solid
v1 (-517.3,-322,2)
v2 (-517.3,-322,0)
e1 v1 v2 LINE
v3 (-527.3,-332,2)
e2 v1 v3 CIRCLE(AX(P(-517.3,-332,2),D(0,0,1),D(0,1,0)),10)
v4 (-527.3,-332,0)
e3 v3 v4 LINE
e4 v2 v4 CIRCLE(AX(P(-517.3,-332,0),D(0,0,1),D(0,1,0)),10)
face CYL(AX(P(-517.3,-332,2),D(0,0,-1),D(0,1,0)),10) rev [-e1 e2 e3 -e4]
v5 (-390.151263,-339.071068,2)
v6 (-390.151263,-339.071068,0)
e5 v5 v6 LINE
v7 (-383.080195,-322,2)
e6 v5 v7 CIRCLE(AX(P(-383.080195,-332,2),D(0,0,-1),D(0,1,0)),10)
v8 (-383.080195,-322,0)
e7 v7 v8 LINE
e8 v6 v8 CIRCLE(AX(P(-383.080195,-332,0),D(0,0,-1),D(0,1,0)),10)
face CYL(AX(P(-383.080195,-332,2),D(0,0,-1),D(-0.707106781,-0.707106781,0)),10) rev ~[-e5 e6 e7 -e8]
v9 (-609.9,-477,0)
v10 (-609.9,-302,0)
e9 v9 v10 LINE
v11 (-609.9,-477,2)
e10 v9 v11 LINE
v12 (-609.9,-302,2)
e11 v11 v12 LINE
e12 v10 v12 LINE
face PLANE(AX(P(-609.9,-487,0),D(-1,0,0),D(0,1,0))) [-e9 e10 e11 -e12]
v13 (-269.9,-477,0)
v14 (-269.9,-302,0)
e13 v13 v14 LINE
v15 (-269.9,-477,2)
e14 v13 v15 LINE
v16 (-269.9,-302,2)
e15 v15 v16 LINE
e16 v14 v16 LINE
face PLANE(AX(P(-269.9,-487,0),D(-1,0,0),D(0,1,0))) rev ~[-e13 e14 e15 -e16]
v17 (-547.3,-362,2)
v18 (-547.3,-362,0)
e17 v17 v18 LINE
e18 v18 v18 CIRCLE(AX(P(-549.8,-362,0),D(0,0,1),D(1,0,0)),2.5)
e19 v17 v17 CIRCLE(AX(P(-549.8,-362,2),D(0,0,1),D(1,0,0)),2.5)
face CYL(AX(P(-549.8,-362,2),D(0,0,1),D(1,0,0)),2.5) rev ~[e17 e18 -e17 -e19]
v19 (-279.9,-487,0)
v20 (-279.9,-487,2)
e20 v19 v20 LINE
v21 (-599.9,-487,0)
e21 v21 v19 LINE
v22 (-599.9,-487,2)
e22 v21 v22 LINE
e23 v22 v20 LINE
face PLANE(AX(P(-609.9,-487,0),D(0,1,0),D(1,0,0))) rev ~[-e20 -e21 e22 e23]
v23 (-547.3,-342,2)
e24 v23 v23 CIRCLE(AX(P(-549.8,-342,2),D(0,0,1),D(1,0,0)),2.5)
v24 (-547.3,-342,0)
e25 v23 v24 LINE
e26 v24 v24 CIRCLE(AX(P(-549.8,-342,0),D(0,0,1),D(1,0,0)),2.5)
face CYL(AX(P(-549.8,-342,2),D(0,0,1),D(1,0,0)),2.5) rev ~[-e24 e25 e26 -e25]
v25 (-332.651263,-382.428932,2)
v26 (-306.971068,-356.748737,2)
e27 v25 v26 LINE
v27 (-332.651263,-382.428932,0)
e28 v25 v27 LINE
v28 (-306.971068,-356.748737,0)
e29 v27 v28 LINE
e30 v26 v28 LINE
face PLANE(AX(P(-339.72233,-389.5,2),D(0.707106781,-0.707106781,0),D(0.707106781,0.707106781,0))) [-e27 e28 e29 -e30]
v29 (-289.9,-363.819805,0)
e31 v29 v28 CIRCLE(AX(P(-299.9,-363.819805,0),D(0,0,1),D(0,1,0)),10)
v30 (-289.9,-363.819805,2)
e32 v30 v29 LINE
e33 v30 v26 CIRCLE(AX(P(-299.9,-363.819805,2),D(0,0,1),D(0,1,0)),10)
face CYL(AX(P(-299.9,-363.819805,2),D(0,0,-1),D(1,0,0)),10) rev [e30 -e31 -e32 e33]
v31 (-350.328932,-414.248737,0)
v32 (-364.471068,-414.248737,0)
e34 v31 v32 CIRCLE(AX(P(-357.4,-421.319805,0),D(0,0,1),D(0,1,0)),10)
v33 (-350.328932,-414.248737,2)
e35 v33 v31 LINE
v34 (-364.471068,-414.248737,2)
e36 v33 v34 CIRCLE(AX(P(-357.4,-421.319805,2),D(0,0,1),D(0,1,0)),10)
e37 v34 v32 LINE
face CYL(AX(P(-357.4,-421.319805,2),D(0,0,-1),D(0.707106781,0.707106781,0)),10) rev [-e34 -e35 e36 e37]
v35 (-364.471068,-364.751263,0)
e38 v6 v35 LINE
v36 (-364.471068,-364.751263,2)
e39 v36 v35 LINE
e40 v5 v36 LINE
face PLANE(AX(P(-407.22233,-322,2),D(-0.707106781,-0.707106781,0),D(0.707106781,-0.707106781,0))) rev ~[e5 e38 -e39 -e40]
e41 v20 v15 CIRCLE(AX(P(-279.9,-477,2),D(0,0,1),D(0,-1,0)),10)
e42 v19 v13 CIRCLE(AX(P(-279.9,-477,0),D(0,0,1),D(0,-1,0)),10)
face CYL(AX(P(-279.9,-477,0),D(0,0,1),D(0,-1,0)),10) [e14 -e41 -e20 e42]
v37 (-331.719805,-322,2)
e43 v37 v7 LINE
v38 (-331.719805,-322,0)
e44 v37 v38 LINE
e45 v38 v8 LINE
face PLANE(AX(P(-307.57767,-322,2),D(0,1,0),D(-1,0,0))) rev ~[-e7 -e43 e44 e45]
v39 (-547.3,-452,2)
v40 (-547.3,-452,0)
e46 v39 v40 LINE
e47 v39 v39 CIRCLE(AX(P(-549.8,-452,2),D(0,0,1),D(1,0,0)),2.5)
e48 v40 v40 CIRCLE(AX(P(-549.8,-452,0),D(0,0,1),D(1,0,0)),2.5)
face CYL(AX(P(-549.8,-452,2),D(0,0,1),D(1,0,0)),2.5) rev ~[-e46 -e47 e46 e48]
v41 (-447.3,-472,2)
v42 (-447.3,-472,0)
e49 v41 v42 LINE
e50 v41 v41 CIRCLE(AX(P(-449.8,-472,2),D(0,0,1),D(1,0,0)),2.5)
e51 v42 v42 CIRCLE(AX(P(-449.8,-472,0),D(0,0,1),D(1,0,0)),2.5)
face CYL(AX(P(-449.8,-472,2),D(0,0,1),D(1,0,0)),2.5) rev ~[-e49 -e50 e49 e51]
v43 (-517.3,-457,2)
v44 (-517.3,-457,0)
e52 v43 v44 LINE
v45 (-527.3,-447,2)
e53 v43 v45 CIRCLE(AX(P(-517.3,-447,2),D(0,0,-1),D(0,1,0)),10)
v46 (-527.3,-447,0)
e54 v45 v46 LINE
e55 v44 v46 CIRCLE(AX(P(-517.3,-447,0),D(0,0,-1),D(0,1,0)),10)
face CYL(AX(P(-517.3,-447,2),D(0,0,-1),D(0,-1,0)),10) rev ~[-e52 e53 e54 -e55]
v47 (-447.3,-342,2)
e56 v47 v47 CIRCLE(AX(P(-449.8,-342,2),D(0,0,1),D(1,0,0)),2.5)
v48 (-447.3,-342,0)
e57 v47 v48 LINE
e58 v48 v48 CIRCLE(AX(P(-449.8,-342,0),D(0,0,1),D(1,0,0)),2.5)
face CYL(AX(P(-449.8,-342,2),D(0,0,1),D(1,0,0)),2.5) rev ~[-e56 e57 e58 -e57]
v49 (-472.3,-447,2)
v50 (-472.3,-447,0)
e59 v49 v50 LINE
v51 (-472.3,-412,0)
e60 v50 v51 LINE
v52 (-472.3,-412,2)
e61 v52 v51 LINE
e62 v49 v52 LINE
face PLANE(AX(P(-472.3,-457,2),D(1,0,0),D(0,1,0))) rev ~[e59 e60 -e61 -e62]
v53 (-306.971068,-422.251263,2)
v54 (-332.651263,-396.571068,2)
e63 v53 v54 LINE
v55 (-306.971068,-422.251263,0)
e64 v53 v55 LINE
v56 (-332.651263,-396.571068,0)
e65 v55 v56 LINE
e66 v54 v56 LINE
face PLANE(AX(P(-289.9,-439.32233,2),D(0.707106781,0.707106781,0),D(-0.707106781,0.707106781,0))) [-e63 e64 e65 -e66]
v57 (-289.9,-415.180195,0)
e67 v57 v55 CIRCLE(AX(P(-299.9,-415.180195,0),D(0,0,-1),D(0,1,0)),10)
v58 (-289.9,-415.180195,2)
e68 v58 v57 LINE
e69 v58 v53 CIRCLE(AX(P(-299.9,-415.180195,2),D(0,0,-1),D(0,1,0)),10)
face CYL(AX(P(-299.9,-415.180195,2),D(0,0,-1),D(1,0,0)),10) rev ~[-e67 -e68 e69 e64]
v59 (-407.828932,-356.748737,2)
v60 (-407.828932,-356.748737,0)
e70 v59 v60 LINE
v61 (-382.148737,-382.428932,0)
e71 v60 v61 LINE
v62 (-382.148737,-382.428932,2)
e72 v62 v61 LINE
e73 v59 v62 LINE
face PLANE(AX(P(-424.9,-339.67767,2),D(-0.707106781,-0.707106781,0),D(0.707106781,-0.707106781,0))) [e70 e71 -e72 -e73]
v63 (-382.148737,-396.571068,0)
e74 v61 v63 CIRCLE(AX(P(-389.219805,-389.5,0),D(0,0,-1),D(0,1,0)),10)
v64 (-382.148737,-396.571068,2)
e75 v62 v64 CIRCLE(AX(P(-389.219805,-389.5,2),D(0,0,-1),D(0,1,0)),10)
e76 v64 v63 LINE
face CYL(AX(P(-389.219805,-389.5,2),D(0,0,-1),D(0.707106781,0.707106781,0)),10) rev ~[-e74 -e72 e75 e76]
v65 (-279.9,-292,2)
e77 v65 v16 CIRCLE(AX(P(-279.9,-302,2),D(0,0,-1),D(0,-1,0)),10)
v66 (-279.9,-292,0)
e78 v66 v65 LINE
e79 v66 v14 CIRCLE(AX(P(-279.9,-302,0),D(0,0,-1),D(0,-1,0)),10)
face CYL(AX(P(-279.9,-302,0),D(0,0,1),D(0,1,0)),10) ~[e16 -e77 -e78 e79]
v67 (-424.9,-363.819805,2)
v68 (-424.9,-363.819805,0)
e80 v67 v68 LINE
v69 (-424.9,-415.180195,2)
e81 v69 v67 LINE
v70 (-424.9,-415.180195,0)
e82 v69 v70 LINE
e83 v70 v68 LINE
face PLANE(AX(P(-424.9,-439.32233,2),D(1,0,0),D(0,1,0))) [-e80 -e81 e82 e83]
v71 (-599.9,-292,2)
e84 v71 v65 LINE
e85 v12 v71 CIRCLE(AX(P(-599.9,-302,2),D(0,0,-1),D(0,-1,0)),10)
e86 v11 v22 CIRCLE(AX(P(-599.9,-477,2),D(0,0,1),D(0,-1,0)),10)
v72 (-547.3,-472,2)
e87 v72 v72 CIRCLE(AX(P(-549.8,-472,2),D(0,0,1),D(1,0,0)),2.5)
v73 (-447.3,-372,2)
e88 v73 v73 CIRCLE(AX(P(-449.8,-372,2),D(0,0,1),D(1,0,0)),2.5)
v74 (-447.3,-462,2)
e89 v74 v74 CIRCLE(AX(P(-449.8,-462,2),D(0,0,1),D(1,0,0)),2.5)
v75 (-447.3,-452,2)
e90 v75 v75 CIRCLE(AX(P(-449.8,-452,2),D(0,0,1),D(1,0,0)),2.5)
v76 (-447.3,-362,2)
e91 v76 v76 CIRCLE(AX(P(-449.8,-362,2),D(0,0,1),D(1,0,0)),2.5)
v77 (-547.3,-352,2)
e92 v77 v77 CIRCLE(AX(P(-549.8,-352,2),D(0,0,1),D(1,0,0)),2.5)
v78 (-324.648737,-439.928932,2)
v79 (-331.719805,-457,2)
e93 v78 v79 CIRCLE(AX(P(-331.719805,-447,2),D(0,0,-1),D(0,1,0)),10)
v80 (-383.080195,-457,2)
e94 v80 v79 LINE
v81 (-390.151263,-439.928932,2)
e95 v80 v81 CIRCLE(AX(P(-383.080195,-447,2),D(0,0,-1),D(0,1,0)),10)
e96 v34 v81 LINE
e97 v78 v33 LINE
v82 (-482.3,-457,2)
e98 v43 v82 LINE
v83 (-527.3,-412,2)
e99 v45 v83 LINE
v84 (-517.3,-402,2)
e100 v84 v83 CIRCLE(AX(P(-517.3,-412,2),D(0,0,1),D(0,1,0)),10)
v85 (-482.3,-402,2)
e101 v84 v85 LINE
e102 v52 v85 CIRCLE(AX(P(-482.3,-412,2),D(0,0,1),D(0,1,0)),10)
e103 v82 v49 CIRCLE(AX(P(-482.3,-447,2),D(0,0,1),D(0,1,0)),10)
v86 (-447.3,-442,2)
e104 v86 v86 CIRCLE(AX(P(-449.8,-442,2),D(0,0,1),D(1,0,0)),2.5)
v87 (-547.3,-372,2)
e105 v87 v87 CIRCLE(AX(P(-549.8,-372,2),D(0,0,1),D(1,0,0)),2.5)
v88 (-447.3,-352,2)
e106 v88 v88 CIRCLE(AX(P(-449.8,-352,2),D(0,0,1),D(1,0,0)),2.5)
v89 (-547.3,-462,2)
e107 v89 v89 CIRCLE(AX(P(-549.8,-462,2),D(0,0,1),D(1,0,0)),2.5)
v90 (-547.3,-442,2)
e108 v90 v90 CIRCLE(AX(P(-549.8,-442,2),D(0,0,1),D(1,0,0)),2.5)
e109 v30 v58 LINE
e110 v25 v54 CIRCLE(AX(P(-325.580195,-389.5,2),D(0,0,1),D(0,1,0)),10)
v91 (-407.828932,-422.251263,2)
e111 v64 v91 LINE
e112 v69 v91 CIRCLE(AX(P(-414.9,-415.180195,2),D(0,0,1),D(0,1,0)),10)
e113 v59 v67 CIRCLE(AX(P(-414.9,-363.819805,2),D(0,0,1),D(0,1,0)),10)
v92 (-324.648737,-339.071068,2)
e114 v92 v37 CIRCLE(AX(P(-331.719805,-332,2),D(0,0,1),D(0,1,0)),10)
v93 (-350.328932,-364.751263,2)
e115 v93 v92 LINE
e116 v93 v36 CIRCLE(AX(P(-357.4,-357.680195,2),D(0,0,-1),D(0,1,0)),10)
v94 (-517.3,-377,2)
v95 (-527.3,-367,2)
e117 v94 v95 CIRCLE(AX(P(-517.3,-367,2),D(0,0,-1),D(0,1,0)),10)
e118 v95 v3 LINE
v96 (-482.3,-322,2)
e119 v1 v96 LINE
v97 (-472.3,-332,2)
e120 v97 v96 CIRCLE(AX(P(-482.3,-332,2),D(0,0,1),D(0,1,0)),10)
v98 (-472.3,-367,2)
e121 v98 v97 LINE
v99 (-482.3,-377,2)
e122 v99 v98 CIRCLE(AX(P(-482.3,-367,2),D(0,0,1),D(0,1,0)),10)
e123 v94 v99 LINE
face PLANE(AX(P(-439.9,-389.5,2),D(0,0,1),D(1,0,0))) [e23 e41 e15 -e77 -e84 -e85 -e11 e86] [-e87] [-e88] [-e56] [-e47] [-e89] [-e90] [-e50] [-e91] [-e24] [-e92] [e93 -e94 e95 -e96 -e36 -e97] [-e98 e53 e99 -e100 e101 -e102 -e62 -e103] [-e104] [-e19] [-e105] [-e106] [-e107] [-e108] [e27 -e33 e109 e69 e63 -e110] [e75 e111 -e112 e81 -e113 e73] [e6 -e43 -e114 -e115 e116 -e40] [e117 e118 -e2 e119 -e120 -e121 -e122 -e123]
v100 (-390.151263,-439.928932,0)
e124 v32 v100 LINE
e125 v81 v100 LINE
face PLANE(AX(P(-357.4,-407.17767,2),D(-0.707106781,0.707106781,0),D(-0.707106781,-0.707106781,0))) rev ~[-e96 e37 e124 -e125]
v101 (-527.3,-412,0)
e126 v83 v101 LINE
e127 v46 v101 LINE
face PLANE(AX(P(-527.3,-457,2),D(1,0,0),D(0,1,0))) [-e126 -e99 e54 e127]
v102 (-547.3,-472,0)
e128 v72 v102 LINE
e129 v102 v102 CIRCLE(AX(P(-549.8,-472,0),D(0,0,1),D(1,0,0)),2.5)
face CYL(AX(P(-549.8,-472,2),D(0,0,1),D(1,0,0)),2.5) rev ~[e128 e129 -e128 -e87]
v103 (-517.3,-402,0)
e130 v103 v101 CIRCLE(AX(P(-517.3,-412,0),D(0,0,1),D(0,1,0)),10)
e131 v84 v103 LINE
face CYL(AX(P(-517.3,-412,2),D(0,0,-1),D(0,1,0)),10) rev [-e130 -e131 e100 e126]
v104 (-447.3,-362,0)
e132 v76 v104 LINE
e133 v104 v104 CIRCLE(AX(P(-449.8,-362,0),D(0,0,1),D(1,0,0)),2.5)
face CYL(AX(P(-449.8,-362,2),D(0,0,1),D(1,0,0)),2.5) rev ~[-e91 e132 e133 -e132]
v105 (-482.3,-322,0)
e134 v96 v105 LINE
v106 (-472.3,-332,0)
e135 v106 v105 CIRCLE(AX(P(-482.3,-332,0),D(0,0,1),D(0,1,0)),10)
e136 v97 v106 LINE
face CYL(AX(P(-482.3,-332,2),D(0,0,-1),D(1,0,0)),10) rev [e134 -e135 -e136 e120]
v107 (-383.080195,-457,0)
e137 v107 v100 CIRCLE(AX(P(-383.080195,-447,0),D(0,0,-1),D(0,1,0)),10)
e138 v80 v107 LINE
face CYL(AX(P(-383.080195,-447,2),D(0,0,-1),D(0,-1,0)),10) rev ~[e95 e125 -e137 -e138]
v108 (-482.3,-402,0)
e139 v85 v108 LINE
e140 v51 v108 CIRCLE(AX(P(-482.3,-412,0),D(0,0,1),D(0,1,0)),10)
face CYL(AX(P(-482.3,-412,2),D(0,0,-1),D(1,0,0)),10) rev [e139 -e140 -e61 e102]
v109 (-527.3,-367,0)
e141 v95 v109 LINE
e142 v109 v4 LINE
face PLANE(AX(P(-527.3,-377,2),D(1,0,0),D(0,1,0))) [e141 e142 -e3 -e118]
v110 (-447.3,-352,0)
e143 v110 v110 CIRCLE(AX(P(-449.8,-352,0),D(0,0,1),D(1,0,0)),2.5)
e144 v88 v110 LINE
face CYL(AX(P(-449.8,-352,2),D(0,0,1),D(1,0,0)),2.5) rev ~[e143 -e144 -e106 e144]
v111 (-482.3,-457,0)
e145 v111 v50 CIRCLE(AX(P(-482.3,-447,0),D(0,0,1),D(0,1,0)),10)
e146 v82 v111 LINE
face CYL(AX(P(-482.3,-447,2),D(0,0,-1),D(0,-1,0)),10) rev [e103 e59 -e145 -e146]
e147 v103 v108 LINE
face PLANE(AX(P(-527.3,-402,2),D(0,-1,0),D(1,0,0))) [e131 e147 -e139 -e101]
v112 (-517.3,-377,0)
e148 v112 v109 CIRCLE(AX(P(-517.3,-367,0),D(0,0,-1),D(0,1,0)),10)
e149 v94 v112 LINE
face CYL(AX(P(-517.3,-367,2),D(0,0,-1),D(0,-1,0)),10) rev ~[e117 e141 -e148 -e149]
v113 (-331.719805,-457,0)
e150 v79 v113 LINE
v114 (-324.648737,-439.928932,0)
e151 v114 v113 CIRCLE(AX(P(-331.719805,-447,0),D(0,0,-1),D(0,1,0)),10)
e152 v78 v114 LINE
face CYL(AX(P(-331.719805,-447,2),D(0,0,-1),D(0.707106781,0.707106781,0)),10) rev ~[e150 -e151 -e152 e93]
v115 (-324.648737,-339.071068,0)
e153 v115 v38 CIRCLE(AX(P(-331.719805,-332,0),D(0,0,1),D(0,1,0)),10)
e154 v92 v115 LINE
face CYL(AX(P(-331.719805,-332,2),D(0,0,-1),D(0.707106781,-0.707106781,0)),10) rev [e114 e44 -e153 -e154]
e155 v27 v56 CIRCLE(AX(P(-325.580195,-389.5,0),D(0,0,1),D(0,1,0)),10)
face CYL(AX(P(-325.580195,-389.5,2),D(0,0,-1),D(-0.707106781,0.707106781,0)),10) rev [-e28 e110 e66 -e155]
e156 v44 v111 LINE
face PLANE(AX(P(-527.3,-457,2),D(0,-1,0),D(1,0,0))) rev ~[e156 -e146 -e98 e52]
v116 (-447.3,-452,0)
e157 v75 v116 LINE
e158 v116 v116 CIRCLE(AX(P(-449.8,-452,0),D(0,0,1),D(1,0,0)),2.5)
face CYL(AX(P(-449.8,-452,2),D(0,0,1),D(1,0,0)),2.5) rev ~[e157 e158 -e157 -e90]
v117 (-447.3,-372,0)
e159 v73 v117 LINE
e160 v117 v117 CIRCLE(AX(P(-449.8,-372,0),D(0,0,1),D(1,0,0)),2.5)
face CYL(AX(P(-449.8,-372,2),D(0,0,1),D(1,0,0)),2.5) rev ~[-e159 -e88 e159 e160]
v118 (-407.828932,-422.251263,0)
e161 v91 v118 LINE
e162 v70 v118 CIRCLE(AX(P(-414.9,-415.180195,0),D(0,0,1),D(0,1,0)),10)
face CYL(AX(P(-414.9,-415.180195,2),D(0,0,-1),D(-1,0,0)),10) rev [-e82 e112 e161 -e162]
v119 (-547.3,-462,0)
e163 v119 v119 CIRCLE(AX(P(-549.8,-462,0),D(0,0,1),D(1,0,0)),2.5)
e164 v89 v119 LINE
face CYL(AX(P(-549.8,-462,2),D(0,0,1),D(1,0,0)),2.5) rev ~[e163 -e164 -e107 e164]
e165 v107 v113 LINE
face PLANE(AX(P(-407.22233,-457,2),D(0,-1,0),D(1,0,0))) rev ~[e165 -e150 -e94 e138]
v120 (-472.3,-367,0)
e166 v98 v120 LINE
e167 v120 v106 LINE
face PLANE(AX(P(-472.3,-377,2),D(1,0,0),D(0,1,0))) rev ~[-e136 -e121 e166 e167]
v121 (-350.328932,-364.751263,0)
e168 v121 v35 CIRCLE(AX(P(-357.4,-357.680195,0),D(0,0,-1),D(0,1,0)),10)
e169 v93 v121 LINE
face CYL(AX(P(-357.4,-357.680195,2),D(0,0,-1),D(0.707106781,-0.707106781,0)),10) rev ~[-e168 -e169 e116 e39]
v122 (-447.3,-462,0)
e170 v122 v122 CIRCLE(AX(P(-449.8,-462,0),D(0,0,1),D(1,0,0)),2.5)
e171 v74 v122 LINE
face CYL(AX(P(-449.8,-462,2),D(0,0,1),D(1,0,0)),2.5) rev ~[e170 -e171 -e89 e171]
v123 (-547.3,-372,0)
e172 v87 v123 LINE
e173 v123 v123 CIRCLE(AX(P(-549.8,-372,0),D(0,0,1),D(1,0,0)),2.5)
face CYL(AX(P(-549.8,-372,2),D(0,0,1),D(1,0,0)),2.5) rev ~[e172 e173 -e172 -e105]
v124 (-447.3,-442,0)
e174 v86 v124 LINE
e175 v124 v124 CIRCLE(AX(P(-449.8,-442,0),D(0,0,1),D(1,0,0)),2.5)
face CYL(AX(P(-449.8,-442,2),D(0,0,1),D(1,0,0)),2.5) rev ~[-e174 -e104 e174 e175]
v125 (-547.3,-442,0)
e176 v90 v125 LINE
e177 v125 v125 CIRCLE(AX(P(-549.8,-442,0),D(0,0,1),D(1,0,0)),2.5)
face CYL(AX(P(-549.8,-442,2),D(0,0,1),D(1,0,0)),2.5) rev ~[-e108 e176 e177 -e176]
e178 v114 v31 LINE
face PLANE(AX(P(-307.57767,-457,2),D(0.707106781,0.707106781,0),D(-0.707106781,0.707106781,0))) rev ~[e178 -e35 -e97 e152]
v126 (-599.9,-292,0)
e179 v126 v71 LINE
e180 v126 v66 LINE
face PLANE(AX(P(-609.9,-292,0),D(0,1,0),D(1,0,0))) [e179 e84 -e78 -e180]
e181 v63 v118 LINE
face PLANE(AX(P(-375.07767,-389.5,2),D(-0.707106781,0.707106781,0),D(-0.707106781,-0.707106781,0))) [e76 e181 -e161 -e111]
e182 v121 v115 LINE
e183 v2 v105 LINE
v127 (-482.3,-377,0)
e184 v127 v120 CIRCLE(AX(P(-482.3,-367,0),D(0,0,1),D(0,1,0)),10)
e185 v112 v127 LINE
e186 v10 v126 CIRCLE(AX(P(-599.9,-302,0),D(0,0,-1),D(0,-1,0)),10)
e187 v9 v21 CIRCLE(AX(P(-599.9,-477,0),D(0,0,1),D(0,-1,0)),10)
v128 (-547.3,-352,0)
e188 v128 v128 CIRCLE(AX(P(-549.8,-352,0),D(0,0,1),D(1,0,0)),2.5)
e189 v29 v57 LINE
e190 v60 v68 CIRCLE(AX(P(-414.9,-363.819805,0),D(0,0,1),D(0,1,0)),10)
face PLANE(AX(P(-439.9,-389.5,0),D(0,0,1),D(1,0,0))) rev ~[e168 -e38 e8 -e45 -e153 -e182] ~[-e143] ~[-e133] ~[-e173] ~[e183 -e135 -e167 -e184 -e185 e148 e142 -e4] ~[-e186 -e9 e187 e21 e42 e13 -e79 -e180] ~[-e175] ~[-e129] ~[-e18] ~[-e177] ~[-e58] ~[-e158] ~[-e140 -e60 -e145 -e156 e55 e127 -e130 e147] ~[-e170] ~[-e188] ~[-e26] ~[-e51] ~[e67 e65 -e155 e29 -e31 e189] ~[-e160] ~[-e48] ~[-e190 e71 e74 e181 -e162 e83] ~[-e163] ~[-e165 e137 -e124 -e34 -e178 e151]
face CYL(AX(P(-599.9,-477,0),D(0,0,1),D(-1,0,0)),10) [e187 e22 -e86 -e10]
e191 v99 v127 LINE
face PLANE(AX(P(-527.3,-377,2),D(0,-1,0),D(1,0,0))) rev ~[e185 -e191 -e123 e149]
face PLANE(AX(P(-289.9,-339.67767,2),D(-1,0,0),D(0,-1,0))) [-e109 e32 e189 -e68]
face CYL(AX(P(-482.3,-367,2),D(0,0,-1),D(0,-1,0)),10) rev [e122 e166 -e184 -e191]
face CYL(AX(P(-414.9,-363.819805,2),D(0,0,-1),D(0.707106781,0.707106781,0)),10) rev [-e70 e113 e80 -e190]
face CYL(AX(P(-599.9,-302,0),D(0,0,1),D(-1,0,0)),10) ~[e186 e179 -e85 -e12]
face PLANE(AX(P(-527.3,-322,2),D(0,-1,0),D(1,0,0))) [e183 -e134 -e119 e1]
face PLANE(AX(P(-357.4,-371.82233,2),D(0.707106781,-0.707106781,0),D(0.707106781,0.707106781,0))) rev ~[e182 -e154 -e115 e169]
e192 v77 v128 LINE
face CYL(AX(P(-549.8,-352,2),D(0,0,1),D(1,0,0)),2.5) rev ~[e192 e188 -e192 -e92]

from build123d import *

# Parameters (mm, degrees)
SKETCH1_W           = 340
SKETCH1_H           = 195
BOSS_EXTRUDE1_DEPTH = 2
SKETCH2_R           = 2.5
CUT_EXTRUDE1_DEPTH  = 3
LPATTERN1_COUNT     = 2
LPATTERN1_PITCH     = 10
LPATTERN1_COL_COUNT = 3
LPATTERN1_COL_PITCH = 10
CUT_EXTRUDE2_DEPTH  = 3
SKETCH4_W           = 55
SKETCH4_H           = 55
CUT_EXTRUDE3_DEPTH  = 3
FILLET1_R           = 10
FILLET2_R           = 10


with BuildPart() as part:
    # Sketch1 → Boss-Extrude1 (new body)
    with BuildSketch(Plane.XY):
        with Locations((-439.9, -389.5)):
            Rectangle(SKETCH1_W, SKETCH1_H)
    extrude(amount=BOSS_EXTRUDE1_DEPTH)

    # Sketch2 → Cut-Extrude1 (cut, through all)
    with BuildSketch(Plane.XY.offset(2)):
        with Locations((-449.8, -362)):
            Circle(SKETCH2_R)
        with Locations((-449.8, -462)):
            Circle(SKETCH2_R)
        with Locations((-549.8, -462)):
            Circle(SKETCH2_R)
        with Locations((-549.8, -362)):
            Circle(SKETCH2_R)
    cut_extrude1 = extrude(amount=-CUT_EXTRUDE1_DEPTH, mode=Mode.SUBTRACT)

    # LPattern1: Cut-Extrude1 ×2
    with Locations(*[(0, -i * LPATTERN1_PITCH, 0) for i in range(1, LPATTERN1_COUNT)]):
        add(cut_extrude1, mode=Mode.SUBTRACT)

    # LPattern1 col: Cut-Extrude1 ×3
    with Locations(*[(0, i * LPATTERN1_COL_PITCH, 0) for i in range(1, LPATTERN1_COL_COUNT)]):
        add(cut_extrude1, mode=Mode.SUBTRACT)

    # Sketch3 → Cut-Extrude2 (cut, through all)
    with BuildSketch(Plane.XY.offset(2)):
        Polygon((-307.57766953, -457), (-357.4, -407.17766953), (-407.22233047, -457), align=None)
        Polygon((-289.9, -439.32233047), (-339.72233047, -389.5), (-289.9, -339.67766953), align=None)
        Polygon((-375.07766953, -389.5), (-424.9, -439.32233047), (-424.9, -339.67766953), align=None)
        Polygon((-357.4, -371.82233047), (-307.57766953, -322), (-407.22233047, -322), align=None)
    extrude(amount=-CUT_EXTRUDE2_DEPTH, mode=Mode.SUBTRACT)

    # Sketch4 → Cut-Extrude3 (cut, through all)
    with BuildSketch(Plane.XY.offset(2)):
        with Locations((-499.8, -429.5)):
            Rectangle(SKETCH4_W, SKETCH4_H)
        with Locations((-499.8, -349.5)):
            Rectangle(SKETCH4_W, SKETCH4_H)
    extrude(amount=-CUT_EXTRUDE3_DEPTH, mode=Mode.SUBTRACT)

    # Fillet1
    fillet1_edges = [part.edges().sort_by_distance(p)[0] for p in [
        (-289.9, -339.67766953, 1),
        (-289.9, -439.32233047, 1),
        (-339.72233047, -389.5, 1),
        (-424.9, -339.67766953, 1),
        (-375.07766953, -389.5, 1),
        (-424.9, -439.32233047, 1),
        (-357.4, -371.82233047, 1),
        (-407.22233047, -322, 1),
        (-307.57766953, -322, 1),
        (-307.57766953, -457, 1),
        (-407.22233047, -457, 1),
        (-357.4, -407.17766953, 1),
        (-472.3, -402, 1),
        (-472.3, -457, 1),
        (-527.3, -457, 1),
        (-527.3, -402, 1),
        (-472.3, -322, 1),
        (-472.3, -377, 1),
        (-527.3, -377, 1),
        (-527.3, -322, 1),
    ]]
    fillet(fillet1_edges, radius=FILLET1_R)

    # Fillet2
    fillet2_edges = [part.edges().sort_by_distance(p)[0] for p in [
        (-269.9, -487, 1),
        (-609.9, -487, 1),
        (-609.9, -292, 1),
        (-269.9, -292, 1),
    ]]
    fillet(fillet2_edges, radius=FILLET2_R)


solid = part.part
